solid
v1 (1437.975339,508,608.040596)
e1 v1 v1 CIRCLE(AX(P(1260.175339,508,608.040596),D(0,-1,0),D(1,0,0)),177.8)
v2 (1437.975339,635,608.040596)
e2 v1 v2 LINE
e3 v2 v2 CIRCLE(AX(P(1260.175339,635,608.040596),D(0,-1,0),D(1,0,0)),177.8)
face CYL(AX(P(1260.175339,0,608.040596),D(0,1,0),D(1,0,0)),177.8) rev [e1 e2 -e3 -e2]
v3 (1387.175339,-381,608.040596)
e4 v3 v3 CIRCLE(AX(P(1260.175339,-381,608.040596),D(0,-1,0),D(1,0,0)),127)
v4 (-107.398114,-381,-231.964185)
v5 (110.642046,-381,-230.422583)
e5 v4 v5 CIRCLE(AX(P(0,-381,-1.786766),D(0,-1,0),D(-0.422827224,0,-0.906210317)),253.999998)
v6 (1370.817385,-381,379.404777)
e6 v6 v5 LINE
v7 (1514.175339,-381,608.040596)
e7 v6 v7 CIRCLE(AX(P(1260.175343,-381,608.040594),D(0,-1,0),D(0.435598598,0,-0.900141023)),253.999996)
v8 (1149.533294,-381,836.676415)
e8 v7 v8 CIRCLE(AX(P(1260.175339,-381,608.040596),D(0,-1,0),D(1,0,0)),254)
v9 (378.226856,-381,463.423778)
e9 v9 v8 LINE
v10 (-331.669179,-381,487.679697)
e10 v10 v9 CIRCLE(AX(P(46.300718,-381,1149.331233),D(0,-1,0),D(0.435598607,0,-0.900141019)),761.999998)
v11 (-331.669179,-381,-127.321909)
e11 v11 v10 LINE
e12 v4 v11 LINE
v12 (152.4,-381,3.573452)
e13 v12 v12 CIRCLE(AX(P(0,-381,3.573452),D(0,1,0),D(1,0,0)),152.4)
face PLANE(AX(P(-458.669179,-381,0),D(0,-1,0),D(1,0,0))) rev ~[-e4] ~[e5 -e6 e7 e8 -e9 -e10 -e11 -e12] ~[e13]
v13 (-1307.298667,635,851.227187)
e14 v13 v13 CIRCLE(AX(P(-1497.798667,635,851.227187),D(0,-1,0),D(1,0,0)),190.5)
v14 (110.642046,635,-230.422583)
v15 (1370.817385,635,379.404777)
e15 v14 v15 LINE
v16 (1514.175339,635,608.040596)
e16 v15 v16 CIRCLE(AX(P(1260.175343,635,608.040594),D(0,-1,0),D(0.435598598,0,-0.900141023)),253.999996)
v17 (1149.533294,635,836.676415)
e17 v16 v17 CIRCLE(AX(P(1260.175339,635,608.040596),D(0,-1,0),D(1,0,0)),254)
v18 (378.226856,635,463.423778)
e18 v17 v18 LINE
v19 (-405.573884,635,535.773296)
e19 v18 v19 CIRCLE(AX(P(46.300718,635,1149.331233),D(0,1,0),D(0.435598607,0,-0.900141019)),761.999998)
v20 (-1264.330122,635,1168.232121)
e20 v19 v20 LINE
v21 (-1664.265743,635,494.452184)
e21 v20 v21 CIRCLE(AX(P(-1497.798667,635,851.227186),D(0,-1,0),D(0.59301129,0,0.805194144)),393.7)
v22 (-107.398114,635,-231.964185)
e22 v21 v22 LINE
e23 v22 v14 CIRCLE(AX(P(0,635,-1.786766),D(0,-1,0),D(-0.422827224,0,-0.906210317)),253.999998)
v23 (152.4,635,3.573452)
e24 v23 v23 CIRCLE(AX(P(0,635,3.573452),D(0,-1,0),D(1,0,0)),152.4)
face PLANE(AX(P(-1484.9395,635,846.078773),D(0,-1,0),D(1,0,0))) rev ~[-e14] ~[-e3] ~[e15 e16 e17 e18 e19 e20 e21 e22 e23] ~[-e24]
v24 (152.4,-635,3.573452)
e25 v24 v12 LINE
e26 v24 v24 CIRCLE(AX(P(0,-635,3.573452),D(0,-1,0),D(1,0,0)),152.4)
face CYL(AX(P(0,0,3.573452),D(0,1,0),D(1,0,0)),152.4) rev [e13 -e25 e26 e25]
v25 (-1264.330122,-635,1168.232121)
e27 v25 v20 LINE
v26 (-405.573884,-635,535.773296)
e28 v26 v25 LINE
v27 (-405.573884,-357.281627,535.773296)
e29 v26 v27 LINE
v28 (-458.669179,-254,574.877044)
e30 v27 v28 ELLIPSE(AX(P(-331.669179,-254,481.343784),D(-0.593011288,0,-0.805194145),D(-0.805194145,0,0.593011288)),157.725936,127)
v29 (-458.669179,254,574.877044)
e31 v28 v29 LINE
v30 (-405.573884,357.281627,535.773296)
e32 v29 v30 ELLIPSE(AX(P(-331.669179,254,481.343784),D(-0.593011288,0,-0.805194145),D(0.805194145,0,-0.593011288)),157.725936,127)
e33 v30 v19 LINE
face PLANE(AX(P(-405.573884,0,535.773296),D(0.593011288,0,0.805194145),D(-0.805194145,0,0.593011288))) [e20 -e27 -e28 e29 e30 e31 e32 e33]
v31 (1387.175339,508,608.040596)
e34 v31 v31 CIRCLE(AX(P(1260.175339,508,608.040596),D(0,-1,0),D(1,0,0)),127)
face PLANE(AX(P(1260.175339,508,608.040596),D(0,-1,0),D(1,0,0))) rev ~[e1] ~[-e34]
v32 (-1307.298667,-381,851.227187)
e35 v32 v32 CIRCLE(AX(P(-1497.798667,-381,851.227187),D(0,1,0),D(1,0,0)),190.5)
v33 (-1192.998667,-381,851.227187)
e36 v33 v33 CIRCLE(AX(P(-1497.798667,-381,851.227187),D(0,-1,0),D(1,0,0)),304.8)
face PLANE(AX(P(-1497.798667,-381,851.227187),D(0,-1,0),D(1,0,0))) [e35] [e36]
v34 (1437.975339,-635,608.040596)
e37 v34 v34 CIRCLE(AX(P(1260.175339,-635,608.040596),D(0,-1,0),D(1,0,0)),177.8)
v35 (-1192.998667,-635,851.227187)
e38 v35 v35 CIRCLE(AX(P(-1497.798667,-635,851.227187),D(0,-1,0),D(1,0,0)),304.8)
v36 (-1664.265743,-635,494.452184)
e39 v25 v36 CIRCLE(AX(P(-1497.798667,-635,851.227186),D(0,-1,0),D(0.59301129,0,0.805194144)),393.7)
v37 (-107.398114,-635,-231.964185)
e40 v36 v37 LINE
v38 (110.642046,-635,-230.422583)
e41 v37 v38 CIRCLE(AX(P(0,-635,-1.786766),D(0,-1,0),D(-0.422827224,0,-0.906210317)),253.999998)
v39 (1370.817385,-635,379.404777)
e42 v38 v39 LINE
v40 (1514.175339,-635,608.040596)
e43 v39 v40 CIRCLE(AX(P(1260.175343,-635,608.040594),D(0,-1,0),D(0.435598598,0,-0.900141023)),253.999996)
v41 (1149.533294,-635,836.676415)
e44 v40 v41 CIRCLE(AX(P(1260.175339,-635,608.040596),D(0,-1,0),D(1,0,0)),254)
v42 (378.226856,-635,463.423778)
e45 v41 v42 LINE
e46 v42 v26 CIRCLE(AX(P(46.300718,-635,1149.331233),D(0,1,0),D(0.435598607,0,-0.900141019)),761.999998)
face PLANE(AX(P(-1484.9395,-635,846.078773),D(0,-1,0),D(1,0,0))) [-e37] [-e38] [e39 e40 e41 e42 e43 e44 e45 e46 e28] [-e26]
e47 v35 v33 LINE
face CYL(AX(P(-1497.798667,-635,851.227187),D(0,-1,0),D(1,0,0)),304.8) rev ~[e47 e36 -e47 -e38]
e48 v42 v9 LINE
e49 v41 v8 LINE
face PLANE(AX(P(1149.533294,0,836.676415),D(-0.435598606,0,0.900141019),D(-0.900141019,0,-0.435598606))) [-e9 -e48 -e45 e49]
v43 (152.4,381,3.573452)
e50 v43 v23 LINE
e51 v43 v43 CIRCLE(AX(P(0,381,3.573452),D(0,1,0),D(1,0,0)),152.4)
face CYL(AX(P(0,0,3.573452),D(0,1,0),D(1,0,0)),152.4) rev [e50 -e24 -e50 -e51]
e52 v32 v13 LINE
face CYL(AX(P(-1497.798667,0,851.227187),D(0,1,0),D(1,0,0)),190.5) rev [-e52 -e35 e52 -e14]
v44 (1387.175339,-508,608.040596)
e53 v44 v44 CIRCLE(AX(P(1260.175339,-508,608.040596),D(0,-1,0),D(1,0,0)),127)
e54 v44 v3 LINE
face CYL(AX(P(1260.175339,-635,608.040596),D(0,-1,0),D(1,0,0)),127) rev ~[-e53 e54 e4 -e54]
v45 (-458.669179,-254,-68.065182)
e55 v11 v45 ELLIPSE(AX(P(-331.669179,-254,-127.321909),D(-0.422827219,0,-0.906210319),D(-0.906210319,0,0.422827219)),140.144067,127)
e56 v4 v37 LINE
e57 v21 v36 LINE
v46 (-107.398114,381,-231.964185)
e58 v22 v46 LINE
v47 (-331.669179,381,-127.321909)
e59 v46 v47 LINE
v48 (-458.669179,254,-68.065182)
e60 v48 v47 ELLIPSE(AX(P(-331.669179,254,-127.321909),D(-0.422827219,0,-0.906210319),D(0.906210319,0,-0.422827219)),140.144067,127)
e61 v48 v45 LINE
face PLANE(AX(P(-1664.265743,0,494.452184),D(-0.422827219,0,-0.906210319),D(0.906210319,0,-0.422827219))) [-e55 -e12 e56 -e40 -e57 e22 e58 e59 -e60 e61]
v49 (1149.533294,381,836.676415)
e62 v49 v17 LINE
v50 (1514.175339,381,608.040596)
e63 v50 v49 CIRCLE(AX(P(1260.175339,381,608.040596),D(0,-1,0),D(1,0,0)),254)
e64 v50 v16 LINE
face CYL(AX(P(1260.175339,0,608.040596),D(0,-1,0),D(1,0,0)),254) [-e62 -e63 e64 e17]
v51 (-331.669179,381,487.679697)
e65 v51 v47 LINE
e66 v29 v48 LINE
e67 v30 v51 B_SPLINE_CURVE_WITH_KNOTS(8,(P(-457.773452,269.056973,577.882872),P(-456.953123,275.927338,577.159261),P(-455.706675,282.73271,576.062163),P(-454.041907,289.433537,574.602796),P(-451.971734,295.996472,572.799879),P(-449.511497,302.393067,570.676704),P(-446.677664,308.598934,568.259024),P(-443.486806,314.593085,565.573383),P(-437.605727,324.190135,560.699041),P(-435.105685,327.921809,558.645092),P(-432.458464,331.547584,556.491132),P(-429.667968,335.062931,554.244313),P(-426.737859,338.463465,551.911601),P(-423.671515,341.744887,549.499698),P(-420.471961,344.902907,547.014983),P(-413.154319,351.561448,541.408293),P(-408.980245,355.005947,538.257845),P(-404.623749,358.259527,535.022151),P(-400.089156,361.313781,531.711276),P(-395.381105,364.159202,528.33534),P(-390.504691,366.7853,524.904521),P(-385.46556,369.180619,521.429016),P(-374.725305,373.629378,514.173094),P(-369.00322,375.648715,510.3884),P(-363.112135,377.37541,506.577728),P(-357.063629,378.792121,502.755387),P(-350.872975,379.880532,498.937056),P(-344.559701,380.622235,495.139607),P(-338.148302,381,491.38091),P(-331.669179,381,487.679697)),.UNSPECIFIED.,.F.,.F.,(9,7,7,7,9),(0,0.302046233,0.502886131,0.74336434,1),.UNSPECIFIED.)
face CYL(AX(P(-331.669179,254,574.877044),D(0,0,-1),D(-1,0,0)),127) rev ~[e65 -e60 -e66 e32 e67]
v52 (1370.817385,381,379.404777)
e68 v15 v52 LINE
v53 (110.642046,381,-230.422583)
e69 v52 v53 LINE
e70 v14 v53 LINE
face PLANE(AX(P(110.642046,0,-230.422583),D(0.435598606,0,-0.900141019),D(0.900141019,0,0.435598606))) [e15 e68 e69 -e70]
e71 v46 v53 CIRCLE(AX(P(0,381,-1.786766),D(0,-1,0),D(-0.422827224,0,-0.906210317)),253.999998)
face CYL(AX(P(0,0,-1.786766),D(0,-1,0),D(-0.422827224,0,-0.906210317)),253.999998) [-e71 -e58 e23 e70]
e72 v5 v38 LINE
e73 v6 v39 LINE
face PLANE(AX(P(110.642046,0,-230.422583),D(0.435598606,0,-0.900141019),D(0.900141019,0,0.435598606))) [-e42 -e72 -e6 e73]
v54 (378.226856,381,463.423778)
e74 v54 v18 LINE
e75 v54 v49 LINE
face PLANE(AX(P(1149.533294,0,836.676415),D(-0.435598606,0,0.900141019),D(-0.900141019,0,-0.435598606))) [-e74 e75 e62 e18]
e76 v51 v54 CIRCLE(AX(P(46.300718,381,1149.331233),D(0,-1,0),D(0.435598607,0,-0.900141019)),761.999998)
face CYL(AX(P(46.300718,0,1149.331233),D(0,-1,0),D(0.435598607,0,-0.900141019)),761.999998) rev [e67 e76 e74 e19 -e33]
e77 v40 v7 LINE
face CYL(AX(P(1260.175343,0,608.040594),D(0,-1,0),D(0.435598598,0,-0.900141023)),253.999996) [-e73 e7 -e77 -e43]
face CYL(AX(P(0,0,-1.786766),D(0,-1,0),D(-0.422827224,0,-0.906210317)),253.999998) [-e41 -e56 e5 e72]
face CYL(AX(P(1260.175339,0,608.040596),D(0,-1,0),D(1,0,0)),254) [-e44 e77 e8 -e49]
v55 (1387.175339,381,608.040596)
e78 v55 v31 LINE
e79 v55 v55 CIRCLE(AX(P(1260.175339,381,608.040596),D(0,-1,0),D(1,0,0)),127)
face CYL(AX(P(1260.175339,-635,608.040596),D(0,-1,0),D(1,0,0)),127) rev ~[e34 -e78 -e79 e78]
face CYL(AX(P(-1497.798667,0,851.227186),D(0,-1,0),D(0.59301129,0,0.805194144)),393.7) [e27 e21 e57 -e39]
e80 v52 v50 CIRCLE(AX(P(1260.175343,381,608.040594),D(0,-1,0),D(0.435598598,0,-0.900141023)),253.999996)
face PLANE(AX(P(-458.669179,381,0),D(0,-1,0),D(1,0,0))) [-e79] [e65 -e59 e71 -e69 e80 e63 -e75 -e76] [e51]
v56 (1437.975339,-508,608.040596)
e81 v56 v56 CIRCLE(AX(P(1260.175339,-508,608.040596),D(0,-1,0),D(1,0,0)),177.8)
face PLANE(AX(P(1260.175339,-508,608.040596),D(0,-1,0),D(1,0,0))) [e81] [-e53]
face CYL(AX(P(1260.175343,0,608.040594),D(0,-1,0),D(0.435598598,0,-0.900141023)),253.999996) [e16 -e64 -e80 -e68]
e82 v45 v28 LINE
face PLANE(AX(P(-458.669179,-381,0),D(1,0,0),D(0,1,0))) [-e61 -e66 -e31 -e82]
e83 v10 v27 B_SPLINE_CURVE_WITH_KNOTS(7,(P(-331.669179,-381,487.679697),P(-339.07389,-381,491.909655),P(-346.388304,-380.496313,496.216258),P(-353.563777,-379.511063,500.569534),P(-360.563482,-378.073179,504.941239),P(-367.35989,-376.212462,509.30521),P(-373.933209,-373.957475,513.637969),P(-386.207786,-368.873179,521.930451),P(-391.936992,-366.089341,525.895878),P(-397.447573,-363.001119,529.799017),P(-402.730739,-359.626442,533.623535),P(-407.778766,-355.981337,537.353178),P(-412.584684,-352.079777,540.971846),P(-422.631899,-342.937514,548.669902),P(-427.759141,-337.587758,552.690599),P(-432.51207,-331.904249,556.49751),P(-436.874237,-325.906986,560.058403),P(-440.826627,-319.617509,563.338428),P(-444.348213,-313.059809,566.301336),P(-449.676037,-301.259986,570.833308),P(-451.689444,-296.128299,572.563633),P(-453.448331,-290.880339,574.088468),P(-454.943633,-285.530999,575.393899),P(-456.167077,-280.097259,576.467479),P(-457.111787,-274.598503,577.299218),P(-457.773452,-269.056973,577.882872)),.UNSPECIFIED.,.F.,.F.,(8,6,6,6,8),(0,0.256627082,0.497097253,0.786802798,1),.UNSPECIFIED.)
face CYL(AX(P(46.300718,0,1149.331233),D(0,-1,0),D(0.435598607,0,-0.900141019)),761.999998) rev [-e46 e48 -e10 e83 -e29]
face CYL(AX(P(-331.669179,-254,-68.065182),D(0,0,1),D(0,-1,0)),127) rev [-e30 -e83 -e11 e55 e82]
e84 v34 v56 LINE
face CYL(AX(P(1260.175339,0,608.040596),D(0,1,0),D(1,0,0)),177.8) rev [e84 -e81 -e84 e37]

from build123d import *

# Parameters (mm, degrees)
F0_R     = 190.5
F0_R_2   = 152.4
F0_R_3   = 177.8
F1_DEPTH = 635
F2_DEPTH = 508
F3_R     = 127
F4_DEPTH = 1270.001
F3_R_2   = 304.8
F5_DEPTH = 254
F6_W     = 2286
F6_H     = 762
F7_DEPTH = 1270
F8_R     = 127


with BuildPart() as f1:
    # F0 (on Front) → F1 (new body, symmetric)
    with BuildSketch(Plane.XZ):
        with BuildLine():
            ThreePointArc((-1264.330122, 1168.232121), (-1836.350214, 1052.18126), (-1664.265743, 494.452184))
            ThreePointArc((-1664.265743, 494.452184), (-1286.302092, 519.15959), (-1104.098667, 851.227187))
            ThreePointArc((-1104.098667, 851.227187), (-1146.432578, 1028.826629), (-1264.330122, 1168.232121))
        make_face()
        with Locations((-1497.798667, 851.227187)):
            Circle(F0_R, mode=Mode.SUBTRACT)
        with BuildLine():
            ThreePointArc((-107.398114, -231.964185), (-136.449403, 212.450395), (254, -1.786764))
            ThreePointArc((254, -1.786764), (215.196514, -136.718081), (110.642046, -230.422583))
            Line((110.642046, -230.422583), (1370.817385, 379.404777))
            ThreePointArc((1370.817385, 379.404777), (1031.539521, 497.39855), (1149.533294, 836.676415))
            Line((1149.533294, 836.676415), (378.226856, 463.423778))
            ThreePointArc((378.226856, 463.423778), (-23.738712, 390.556908), (-405.573884, 535.773296))
            Line((-405.573884, 535.773296), (-1264.330122, 1168.232121))
            ThreePointArc((-1264.330122, 1168.232121), (-1146.432578, 1028.826629), (-1104.098667, 851.227187))
            ThreePointArc((-1104.098667, 851.227187), (-1286.302092, 519.15959), (-1664.265743, 494.452184))
            Line((-1664.265743, 494.452184), (-107.398114, -231.964185))
        make_face()
        with BuildLine():
            ThreePointArc((110.642046, -230.422583), (215.196514, -136.718081), (254, -1.786764))
            ThreePointArc((254, -1.786764), (-136.449403, 212.450395), (-107.398114, -231.964185))
            ThreePointArc((-107.398114, -231.964185), (1.795803, -255.780416), (110.642046, -230.422583))
        make_face()
        with Locations((0, 3.573452)):
            Circle(F0_R_2, mode=Mode.SUBTRACT)
        with BuildLine():
            ThreePointArc((1149.533294, 836.676415), (1031.539521, 497.39855), (1370.817385, 379.404777))
            ThreePointArc((1370.817385, 379.404777), (1475.371854, 473.109279), (1514.175339, 608.040596))
            ThreePointArc((1514.175339, 608.040596), (1395.106656, 823.23711), (1149.533294, 836.676415))
        make_face()
        with Locations((1260.175339, 608.040596)):
            Circle(F0_R_3, mode=Mode.SUBTRACT)
    extrude(amount=F1_DEPTH, both=True)

    # F0 (on Front) → F2 (join, symmetric)
    with BuildSketch(Plane.XZ):
        with Locations((1260.175339, 608.040596)):
            Circle(F0_R_3)
    extrude(amount=F2_DEPTH, both=True)

    # F3 (on face) → F4 (cut, through all)
    with BuildSketch(Plane.XZ.offset(635)):
        with Locations((1260.175339, 608.040596)):
            Circle(F3_R)
    extrude(amount=-F4_DEPTH, mode=Mode.SUBTRACT)

    # F3 (on face) → F5 (cut)
    with BuildSketch(Plane.XZ.offset(635)):
        with Locations((-1497.798667, 851.227187)):
            Circle(F3_R_2)
    extrude(amount=-F5_DEPTH, mode=Mode.SUBTRACT)

    # F6 (on Top) → F7 (cut, symmetric)
    with BuildSketch(Plane.XY):
        with Locations((684.330821, 0)):
            Rectangle(F6_W, F6_H)
    extrude(amount=F7_DEPTH, both=True, mode=Mode.SUBTRACT)

    # F8
    f8_edges = [f1.edges().sort_by_distance(p)[0] for p in [
        (-458.669179, 381, 253.405931),
        (-458.669179, -381, 253.405931),
    ]]
    fillet(f8_edges, radius=F8_R)


solid = f1.part
